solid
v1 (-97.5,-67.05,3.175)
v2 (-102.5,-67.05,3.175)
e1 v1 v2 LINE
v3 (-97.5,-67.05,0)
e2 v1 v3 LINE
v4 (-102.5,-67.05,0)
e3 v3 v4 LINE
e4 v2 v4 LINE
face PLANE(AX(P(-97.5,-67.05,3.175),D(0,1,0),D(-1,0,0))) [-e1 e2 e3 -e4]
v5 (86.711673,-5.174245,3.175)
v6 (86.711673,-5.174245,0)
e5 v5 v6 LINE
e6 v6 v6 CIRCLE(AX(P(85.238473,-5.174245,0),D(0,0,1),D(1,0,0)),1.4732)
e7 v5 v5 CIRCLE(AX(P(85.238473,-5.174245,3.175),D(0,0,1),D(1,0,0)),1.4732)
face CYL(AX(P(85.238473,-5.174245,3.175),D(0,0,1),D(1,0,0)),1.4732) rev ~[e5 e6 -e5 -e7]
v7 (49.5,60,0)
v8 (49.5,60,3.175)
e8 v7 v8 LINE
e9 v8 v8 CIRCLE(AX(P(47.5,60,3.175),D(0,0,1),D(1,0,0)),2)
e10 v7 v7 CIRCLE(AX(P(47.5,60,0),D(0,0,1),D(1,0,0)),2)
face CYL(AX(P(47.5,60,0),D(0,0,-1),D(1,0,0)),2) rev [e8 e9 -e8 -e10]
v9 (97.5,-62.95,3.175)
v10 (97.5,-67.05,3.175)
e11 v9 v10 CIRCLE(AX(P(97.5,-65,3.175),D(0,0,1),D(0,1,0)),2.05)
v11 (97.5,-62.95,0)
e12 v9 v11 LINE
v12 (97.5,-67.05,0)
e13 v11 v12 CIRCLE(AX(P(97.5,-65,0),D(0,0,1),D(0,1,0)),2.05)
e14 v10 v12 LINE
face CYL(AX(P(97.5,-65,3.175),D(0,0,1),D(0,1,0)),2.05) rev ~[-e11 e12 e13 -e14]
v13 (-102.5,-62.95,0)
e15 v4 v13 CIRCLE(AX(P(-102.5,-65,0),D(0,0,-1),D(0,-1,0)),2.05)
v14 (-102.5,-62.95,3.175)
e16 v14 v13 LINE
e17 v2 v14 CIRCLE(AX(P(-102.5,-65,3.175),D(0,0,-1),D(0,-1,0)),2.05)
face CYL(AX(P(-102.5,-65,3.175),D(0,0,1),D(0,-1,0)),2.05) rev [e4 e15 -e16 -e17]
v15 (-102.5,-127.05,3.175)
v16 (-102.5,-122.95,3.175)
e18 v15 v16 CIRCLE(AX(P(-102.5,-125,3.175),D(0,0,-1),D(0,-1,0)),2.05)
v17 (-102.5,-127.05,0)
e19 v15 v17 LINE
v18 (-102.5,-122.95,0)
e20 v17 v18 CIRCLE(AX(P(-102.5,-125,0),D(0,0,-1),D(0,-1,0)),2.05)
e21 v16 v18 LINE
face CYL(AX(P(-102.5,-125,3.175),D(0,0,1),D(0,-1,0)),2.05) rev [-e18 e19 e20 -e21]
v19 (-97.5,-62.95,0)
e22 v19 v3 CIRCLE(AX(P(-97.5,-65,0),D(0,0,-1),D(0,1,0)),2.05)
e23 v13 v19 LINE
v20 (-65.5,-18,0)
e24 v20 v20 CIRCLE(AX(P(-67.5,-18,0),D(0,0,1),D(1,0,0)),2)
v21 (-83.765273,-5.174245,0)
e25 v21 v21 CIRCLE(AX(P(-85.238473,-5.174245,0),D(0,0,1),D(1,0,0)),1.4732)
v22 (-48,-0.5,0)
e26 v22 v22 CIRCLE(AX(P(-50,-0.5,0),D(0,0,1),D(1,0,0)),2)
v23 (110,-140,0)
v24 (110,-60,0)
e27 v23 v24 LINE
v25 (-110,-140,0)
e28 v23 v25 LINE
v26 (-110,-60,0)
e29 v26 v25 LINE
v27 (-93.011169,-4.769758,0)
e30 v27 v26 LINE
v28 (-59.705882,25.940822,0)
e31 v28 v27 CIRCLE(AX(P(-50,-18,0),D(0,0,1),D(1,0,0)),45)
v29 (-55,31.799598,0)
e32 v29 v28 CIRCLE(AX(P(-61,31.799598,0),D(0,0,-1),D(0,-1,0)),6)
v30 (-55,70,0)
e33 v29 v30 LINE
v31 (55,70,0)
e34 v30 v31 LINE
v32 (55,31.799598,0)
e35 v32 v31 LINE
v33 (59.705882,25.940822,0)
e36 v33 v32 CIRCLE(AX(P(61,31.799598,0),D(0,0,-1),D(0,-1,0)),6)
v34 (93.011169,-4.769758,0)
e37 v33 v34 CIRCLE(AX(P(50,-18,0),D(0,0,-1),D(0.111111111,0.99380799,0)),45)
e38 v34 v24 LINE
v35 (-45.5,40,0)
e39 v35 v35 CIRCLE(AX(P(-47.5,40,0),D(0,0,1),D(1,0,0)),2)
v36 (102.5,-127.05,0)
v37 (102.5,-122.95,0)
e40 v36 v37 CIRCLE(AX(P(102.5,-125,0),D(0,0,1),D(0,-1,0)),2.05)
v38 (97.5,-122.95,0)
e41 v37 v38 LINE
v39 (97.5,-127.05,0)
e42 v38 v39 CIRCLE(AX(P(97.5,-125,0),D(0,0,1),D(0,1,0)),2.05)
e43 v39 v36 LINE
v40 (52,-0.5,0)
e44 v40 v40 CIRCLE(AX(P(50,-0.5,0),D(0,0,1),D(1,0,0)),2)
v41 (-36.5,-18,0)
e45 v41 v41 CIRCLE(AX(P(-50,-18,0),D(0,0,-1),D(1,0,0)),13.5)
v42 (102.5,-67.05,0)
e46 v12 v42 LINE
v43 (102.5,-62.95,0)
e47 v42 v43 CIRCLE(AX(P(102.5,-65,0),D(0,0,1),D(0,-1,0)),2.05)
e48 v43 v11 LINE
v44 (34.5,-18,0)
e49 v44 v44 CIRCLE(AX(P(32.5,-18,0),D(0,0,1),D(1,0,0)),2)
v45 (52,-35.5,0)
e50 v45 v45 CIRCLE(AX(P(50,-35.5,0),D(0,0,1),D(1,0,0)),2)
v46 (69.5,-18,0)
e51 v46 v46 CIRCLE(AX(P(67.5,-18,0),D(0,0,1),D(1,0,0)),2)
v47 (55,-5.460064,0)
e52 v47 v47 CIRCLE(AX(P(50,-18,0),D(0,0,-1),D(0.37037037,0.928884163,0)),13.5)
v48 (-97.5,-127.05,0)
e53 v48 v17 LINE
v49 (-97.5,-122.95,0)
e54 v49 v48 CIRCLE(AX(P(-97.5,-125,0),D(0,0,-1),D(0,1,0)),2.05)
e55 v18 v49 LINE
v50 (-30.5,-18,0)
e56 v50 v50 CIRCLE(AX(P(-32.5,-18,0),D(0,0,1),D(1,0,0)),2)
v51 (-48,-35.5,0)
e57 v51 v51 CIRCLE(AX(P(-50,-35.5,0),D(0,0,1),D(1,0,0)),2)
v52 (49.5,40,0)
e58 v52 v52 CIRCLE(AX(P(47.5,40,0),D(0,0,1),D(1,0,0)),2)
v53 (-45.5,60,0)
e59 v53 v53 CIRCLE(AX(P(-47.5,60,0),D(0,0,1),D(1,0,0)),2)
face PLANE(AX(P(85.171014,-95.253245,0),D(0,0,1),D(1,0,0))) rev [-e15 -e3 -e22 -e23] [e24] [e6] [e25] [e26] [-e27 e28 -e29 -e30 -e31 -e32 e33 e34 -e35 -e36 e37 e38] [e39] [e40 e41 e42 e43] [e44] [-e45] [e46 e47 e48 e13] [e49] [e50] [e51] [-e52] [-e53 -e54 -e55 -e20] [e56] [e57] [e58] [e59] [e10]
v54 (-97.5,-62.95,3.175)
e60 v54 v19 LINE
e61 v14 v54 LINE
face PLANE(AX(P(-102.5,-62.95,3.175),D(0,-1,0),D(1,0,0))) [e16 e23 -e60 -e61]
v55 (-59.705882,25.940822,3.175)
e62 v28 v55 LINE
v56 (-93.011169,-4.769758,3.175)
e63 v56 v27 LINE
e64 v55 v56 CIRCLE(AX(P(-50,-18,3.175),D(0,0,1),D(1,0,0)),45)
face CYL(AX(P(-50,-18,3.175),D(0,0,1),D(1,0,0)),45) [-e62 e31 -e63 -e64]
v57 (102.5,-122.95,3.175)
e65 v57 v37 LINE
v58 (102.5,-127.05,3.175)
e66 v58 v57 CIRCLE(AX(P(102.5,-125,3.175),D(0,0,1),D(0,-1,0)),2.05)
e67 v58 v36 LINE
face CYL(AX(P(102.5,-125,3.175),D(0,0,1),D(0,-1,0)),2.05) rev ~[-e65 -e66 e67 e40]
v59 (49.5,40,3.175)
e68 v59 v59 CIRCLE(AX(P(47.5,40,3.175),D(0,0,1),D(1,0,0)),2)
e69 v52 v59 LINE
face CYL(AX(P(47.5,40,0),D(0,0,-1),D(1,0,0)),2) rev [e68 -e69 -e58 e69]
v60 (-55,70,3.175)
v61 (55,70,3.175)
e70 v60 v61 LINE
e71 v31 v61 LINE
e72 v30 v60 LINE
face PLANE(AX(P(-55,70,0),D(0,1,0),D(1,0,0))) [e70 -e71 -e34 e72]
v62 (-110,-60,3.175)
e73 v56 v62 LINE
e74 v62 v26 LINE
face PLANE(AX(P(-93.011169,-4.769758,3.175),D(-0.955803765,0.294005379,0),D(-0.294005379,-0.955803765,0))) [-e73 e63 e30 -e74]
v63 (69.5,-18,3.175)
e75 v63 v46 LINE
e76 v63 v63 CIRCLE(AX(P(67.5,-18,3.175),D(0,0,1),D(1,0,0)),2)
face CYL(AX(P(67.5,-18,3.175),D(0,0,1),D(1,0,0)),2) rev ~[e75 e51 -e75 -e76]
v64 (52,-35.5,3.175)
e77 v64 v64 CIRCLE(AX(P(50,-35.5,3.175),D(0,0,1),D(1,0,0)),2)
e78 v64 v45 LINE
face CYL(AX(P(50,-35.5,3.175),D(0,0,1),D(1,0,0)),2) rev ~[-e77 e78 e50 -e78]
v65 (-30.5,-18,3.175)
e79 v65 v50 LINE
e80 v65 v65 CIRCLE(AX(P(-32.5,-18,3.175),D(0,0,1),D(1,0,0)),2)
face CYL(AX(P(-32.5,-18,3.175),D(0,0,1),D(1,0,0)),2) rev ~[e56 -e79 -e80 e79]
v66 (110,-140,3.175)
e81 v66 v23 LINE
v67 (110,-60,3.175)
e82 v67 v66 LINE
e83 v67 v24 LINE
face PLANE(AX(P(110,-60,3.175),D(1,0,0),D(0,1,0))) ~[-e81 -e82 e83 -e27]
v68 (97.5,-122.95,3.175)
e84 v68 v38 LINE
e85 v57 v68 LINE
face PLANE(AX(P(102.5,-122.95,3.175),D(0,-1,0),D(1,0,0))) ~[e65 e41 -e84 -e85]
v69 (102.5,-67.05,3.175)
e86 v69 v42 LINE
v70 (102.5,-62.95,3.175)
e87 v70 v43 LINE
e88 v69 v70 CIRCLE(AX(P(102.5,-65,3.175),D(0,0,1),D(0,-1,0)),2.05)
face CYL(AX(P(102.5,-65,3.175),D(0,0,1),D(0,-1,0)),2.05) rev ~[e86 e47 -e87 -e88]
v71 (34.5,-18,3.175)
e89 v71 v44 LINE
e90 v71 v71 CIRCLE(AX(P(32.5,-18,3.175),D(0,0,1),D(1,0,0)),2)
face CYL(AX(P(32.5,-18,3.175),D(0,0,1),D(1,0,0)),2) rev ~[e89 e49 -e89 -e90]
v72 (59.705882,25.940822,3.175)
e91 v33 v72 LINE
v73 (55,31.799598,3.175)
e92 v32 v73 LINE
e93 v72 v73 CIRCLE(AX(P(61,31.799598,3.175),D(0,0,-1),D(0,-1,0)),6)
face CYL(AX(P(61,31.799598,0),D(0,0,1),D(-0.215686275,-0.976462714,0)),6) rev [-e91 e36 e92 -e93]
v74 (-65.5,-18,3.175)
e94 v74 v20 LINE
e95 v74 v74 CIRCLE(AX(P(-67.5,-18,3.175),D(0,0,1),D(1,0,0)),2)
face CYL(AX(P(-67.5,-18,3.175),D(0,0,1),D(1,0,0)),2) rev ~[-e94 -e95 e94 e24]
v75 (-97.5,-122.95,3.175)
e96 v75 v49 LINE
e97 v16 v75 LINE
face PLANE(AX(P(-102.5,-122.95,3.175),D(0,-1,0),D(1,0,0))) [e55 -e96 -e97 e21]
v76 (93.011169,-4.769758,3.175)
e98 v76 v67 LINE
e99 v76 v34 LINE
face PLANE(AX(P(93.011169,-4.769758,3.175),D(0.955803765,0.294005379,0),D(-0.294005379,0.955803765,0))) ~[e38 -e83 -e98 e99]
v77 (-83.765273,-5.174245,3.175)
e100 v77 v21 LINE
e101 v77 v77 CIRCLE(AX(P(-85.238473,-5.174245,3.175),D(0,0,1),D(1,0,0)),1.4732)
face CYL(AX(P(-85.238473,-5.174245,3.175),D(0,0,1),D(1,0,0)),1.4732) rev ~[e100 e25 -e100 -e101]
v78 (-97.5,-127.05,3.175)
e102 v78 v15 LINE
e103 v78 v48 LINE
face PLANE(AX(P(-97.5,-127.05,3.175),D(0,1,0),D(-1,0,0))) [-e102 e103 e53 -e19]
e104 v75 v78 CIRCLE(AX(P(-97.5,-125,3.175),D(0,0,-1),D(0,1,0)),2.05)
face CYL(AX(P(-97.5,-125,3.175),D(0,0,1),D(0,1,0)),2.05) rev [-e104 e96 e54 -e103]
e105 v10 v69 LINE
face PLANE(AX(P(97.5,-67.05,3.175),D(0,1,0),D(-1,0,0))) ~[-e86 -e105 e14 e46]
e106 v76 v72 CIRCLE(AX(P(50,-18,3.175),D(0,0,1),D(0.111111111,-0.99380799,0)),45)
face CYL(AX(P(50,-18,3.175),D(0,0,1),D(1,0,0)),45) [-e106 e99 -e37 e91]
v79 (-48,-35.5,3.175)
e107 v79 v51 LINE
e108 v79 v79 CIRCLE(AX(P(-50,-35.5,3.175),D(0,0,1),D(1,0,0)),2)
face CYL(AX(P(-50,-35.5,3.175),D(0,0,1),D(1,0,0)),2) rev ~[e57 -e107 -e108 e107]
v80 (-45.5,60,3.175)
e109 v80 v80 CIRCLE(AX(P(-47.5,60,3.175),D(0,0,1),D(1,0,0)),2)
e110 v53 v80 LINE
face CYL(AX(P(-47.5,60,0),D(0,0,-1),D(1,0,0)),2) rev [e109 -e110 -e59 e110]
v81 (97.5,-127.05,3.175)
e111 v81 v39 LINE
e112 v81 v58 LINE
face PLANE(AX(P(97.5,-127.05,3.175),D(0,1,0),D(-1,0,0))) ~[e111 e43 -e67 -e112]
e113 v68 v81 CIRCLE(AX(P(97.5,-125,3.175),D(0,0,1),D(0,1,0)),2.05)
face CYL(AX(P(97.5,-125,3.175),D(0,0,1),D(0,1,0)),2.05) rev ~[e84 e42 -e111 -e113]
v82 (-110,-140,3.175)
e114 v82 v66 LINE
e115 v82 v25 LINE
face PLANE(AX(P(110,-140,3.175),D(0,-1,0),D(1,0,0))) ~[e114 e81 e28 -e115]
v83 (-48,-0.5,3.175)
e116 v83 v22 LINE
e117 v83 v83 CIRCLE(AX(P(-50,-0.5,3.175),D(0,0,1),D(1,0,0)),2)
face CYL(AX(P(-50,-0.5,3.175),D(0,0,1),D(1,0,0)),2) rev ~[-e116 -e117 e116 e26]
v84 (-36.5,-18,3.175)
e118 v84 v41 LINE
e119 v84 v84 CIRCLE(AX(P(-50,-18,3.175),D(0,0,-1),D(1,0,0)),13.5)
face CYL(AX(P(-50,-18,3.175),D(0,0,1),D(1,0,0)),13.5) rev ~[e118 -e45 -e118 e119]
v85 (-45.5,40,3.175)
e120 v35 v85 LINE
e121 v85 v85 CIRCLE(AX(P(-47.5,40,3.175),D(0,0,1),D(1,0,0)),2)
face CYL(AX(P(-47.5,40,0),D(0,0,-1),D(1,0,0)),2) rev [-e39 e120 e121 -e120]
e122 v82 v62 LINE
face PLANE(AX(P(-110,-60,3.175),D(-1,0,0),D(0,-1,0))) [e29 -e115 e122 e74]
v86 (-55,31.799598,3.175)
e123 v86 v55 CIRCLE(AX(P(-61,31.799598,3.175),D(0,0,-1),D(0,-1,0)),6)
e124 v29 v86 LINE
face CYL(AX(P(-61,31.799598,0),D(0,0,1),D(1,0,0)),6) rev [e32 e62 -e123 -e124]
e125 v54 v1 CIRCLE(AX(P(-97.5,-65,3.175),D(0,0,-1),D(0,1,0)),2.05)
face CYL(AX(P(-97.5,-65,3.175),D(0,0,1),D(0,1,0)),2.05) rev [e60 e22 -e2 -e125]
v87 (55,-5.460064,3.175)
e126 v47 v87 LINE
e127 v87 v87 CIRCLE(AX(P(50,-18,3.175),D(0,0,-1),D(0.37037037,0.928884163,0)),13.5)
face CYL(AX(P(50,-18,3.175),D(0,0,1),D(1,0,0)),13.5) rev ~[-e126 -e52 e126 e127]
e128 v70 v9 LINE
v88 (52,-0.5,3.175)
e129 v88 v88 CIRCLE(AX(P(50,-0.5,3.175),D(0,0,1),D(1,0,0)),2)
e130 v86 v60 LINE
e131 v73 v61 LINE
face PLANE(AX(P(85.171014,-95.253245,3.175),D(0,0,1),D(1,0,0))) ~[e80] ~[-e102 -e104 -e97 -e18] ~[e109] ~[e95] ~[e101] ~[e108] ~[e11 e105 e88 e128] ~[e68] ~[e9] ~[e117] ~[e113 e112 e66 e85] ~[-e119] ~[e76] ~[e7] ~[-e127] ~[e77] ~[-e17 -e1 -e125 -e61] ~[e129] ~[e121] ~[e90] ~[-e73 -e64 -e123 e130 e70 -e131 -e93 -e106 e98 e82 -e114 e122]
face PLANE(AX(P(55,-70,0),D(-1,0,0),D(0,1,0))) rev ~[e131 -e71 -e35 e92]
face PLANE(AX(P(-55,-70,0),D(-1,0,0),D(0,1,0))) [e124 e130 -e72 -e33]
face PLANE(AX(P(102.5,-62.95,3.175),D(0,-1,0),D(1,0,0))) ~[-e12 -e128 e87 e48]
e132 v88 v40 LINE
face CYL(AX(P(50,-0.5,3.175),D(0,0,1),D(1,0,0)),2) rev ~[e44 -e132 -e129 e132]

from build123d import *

# Parameters (mm, degrees)
SKETCH1_W           = 110
SKETCH1_H           = 140
SKETCH1_R           = 2
BOSS_EXTRUDE1_DEPTH = 3.175
SKETCH3_R           = 45
SKETCH3_R_2         = 2
SKETCH3_R_3         = 13.5
SKETCH3_R_4         = 1.4732
BOSS_EXTRUDE3_DEPTH = 3.175
SKETCH4_W           = 110
SKETCH4_H           = 10
BOSS_EXTRUDE5_DEPTH = 3.175
FILLET1_R           = 6
SKETCH6_R           = 2
SKETCH6_R_2         = 13.5
CUT_EXTRUDE1_DEPTH  = 10


with BuildPart() as part:
    # Sketch1 → Boss-Extrude1 (new body)
    with BuildSketch(Plane.XY):
        Rectangle(SKETCH1_W, SKETCH1_H)
        with Locations((-47.5, 40)):
            Circle(SKETCH1_R, mode=Mode.SUBTRACT)
        with Locations((47.5, 40)):
            Circle(SKETCH1_R, mode=Mode.SUBTRACT)
        with Locations((-47.5, 60)):
            Circle(SKETCH1_R, mode=Mode.SUBTRACT)
        with Locations((47.5, 60)):
            Circle(SKETCH1_R, mode=Mode.SUBTRACT)
    extrude(amount=BOSS_EXTRUDE1_DEPTH)

    # Sketch3 → Boss-Extrude3 (add)
    # profile 1 of 2: a face of its own
    with BuildSketch(Plane.XY.offset(3.175)):
        with Locations((-50, -18)):
            Circle(SKETCH3_R)
        with Locations((-67.5, -18)):
            Circle(SKETCH3_R_2, mode=Mode.SUBTRACT)
        with Locations((-50, -18)):
            Circle(SKETCH3_R_3, mode=Mode.SUBTRACT)
        with Locations((-85.238473279, -5.174244625)):
            Circle(SKETCH3_R_4, mode=Mode.SUBTRACT)
    # profile 2 of 2: a face of its own
    with BuildSketch(Plane.XY.offset(3.175)):
        with Locations((50, -18)):
            Circle(SKETCH3_R)
        with Locations((67.5, -18)):
            Circle(SKETCH3_R_2, mode=Mode.SUBTRACT)
        with Locations((50, -18)):
            Circle(SKETCH3_R_3, mode=Mode.SUBTRACT)
        with Locations((85.238473279, -5.174244625)):
            Circle(SKETCH3_R_4, mode=Mode.SUBTRACT)
    extrude(amount=-BOSS_EXTRUDE3_DEPTH)

    # Sketch4 → Boss-Extrude5 (add)
    # profile 1 of 4: a face of its own
    with BuildSketch(Plane.XY.offset(3.175)):
        with BuildLine():
            ThreePointArc((-60, -61.874821937), (-63.111300905, -61.047575873), (-66.155494421, -60))
            Line((-66.155494421, -60), (-110, -60))
            Line((-110, -60), (-110, -130))
            Line((-110, -130), (-60, -130))
            Line((-60, -130), (-60, -121.715728753))
            Line((-60, -121.715728753), (-60, -61.874821937))
        make_face()
        with BuildLine():
            Line((-102.5, -122.95), (-97.5, -122.95))
            ThreePointArc((-97.5, -122.95), (-95.45, -125), (-97.5, -127.05))
            Line((-97.5, -127.05), (-102.5, -127.05))
            ThreePointArc((-102.5, -127.05), (-104.55, -125), (-102.5, -122.95))
        make_face(mode=Mode.SUBTRACT)
        with BuildLine():
            ThreePointArc((-97.5, -62.95), (-95.45, -65), (-97.5, -67.05))
            Line((-97.5, -67.05), (-102.5, -67.05))
            ThreePointArc((-102.5, -67.05), (-104.55, -65), (-102.5, -62.95))
            Line((-102.5, -62.95), (-97.5, -62.95))
        make_face(mode=Mode.SUBTRACT)
    # profile 2 of 4: a face of its own
    with BuildSketch(Plane.XY.offset(3.175)):
        with BuildLine():
            Line((-110, -60), (-66.155494421, -60))
            ThreePointArc((-66.155494421, -60), (-90.46935182, -37.678200204), (-93.011169428, -4.76975796))
            Line((-93.011169428, -4.76975796), (-110, -60))
        make_face()
    # profile 3 of 4: a face of its own
    with BuildSketch(Plane.XY.offset(3.175)):
        with BuildLine():
            ThreePointArc((-55, -62.72135955), (-57.51193427, -62.368579462), (-60, -61.874821937))
            Line((-60, -61.874821937), (-60, -121.715728753))
            Line((-60, -121.715728753), (-60, -130))
            Line((-60, -130), (0, -130))
            Line((0, -130), (0, -70))
            Line((0, -70), (-55, -70))
            Line((-55, -70), (-55, -62.72135955))
        make_face()
    # profile 4 of 4: a face of its own
    with BuildSketch(Plane.XY.offset(3.175)):
        with Locations((-55, -135)):
            Rectangle(SKETCH4_W, SKETCH4_H)
    boss_extrude5 = extrude(amount=-BOSS_EXTRUDE5_DEPTH)

    # Mirror2: Boss-Extrude5 across plane
    add(boss_extrude5.mirror(Plane(origin=(0, 0, 0), x_dir=(0, 0, 1), z_dir=(1, 0, 0))))

    # Fillet1
    fillet1_edges = [part.edges().sort_by_distance(p)[0] for p in [
        (-55, 26.72135955, 1.5875),
        (55, 26.72135955, 1.5875),
    ]]
    fillet(fillet1_edges, radius=FILLET1_R)

    # Sketch6 → Cut-Extrude1 (cut)
    with BuildSketch(Plane.XY.offset(3.175)):
        with Locations((32.5, -18)):
            Circle(SKETCH6_R)
        with Locations((50, -0.5)):
            Circle(SKETCH6_R)
        with Locations((67.5, -18)):
            Circle(SKETCH6_R)
        with Locations((50, -18)):
            Circle(SKETCH6_R_2)
        with Locations((50, -35.5)):
            Circle(SKETCH6_R)
        with Locations((-50, -18)):
            Circle(SKETCH6_R_2)
        with Locations((-67.5, -18)):
            Circle(SKETCH6_R)
        with Locations((-50, -35.5)):
            Circle(SKETCH6_R)
        with Locations((-32.5, -18)):
            Circle(SKETCH6_R)
        with Locations((-50, -0.5)):
            Circle(SKETCH6_R)
    extrude(amount=-CUT_EXTRUDE1_DEPTH, mode=Mode.SUBTRACT)


solid = part.part
